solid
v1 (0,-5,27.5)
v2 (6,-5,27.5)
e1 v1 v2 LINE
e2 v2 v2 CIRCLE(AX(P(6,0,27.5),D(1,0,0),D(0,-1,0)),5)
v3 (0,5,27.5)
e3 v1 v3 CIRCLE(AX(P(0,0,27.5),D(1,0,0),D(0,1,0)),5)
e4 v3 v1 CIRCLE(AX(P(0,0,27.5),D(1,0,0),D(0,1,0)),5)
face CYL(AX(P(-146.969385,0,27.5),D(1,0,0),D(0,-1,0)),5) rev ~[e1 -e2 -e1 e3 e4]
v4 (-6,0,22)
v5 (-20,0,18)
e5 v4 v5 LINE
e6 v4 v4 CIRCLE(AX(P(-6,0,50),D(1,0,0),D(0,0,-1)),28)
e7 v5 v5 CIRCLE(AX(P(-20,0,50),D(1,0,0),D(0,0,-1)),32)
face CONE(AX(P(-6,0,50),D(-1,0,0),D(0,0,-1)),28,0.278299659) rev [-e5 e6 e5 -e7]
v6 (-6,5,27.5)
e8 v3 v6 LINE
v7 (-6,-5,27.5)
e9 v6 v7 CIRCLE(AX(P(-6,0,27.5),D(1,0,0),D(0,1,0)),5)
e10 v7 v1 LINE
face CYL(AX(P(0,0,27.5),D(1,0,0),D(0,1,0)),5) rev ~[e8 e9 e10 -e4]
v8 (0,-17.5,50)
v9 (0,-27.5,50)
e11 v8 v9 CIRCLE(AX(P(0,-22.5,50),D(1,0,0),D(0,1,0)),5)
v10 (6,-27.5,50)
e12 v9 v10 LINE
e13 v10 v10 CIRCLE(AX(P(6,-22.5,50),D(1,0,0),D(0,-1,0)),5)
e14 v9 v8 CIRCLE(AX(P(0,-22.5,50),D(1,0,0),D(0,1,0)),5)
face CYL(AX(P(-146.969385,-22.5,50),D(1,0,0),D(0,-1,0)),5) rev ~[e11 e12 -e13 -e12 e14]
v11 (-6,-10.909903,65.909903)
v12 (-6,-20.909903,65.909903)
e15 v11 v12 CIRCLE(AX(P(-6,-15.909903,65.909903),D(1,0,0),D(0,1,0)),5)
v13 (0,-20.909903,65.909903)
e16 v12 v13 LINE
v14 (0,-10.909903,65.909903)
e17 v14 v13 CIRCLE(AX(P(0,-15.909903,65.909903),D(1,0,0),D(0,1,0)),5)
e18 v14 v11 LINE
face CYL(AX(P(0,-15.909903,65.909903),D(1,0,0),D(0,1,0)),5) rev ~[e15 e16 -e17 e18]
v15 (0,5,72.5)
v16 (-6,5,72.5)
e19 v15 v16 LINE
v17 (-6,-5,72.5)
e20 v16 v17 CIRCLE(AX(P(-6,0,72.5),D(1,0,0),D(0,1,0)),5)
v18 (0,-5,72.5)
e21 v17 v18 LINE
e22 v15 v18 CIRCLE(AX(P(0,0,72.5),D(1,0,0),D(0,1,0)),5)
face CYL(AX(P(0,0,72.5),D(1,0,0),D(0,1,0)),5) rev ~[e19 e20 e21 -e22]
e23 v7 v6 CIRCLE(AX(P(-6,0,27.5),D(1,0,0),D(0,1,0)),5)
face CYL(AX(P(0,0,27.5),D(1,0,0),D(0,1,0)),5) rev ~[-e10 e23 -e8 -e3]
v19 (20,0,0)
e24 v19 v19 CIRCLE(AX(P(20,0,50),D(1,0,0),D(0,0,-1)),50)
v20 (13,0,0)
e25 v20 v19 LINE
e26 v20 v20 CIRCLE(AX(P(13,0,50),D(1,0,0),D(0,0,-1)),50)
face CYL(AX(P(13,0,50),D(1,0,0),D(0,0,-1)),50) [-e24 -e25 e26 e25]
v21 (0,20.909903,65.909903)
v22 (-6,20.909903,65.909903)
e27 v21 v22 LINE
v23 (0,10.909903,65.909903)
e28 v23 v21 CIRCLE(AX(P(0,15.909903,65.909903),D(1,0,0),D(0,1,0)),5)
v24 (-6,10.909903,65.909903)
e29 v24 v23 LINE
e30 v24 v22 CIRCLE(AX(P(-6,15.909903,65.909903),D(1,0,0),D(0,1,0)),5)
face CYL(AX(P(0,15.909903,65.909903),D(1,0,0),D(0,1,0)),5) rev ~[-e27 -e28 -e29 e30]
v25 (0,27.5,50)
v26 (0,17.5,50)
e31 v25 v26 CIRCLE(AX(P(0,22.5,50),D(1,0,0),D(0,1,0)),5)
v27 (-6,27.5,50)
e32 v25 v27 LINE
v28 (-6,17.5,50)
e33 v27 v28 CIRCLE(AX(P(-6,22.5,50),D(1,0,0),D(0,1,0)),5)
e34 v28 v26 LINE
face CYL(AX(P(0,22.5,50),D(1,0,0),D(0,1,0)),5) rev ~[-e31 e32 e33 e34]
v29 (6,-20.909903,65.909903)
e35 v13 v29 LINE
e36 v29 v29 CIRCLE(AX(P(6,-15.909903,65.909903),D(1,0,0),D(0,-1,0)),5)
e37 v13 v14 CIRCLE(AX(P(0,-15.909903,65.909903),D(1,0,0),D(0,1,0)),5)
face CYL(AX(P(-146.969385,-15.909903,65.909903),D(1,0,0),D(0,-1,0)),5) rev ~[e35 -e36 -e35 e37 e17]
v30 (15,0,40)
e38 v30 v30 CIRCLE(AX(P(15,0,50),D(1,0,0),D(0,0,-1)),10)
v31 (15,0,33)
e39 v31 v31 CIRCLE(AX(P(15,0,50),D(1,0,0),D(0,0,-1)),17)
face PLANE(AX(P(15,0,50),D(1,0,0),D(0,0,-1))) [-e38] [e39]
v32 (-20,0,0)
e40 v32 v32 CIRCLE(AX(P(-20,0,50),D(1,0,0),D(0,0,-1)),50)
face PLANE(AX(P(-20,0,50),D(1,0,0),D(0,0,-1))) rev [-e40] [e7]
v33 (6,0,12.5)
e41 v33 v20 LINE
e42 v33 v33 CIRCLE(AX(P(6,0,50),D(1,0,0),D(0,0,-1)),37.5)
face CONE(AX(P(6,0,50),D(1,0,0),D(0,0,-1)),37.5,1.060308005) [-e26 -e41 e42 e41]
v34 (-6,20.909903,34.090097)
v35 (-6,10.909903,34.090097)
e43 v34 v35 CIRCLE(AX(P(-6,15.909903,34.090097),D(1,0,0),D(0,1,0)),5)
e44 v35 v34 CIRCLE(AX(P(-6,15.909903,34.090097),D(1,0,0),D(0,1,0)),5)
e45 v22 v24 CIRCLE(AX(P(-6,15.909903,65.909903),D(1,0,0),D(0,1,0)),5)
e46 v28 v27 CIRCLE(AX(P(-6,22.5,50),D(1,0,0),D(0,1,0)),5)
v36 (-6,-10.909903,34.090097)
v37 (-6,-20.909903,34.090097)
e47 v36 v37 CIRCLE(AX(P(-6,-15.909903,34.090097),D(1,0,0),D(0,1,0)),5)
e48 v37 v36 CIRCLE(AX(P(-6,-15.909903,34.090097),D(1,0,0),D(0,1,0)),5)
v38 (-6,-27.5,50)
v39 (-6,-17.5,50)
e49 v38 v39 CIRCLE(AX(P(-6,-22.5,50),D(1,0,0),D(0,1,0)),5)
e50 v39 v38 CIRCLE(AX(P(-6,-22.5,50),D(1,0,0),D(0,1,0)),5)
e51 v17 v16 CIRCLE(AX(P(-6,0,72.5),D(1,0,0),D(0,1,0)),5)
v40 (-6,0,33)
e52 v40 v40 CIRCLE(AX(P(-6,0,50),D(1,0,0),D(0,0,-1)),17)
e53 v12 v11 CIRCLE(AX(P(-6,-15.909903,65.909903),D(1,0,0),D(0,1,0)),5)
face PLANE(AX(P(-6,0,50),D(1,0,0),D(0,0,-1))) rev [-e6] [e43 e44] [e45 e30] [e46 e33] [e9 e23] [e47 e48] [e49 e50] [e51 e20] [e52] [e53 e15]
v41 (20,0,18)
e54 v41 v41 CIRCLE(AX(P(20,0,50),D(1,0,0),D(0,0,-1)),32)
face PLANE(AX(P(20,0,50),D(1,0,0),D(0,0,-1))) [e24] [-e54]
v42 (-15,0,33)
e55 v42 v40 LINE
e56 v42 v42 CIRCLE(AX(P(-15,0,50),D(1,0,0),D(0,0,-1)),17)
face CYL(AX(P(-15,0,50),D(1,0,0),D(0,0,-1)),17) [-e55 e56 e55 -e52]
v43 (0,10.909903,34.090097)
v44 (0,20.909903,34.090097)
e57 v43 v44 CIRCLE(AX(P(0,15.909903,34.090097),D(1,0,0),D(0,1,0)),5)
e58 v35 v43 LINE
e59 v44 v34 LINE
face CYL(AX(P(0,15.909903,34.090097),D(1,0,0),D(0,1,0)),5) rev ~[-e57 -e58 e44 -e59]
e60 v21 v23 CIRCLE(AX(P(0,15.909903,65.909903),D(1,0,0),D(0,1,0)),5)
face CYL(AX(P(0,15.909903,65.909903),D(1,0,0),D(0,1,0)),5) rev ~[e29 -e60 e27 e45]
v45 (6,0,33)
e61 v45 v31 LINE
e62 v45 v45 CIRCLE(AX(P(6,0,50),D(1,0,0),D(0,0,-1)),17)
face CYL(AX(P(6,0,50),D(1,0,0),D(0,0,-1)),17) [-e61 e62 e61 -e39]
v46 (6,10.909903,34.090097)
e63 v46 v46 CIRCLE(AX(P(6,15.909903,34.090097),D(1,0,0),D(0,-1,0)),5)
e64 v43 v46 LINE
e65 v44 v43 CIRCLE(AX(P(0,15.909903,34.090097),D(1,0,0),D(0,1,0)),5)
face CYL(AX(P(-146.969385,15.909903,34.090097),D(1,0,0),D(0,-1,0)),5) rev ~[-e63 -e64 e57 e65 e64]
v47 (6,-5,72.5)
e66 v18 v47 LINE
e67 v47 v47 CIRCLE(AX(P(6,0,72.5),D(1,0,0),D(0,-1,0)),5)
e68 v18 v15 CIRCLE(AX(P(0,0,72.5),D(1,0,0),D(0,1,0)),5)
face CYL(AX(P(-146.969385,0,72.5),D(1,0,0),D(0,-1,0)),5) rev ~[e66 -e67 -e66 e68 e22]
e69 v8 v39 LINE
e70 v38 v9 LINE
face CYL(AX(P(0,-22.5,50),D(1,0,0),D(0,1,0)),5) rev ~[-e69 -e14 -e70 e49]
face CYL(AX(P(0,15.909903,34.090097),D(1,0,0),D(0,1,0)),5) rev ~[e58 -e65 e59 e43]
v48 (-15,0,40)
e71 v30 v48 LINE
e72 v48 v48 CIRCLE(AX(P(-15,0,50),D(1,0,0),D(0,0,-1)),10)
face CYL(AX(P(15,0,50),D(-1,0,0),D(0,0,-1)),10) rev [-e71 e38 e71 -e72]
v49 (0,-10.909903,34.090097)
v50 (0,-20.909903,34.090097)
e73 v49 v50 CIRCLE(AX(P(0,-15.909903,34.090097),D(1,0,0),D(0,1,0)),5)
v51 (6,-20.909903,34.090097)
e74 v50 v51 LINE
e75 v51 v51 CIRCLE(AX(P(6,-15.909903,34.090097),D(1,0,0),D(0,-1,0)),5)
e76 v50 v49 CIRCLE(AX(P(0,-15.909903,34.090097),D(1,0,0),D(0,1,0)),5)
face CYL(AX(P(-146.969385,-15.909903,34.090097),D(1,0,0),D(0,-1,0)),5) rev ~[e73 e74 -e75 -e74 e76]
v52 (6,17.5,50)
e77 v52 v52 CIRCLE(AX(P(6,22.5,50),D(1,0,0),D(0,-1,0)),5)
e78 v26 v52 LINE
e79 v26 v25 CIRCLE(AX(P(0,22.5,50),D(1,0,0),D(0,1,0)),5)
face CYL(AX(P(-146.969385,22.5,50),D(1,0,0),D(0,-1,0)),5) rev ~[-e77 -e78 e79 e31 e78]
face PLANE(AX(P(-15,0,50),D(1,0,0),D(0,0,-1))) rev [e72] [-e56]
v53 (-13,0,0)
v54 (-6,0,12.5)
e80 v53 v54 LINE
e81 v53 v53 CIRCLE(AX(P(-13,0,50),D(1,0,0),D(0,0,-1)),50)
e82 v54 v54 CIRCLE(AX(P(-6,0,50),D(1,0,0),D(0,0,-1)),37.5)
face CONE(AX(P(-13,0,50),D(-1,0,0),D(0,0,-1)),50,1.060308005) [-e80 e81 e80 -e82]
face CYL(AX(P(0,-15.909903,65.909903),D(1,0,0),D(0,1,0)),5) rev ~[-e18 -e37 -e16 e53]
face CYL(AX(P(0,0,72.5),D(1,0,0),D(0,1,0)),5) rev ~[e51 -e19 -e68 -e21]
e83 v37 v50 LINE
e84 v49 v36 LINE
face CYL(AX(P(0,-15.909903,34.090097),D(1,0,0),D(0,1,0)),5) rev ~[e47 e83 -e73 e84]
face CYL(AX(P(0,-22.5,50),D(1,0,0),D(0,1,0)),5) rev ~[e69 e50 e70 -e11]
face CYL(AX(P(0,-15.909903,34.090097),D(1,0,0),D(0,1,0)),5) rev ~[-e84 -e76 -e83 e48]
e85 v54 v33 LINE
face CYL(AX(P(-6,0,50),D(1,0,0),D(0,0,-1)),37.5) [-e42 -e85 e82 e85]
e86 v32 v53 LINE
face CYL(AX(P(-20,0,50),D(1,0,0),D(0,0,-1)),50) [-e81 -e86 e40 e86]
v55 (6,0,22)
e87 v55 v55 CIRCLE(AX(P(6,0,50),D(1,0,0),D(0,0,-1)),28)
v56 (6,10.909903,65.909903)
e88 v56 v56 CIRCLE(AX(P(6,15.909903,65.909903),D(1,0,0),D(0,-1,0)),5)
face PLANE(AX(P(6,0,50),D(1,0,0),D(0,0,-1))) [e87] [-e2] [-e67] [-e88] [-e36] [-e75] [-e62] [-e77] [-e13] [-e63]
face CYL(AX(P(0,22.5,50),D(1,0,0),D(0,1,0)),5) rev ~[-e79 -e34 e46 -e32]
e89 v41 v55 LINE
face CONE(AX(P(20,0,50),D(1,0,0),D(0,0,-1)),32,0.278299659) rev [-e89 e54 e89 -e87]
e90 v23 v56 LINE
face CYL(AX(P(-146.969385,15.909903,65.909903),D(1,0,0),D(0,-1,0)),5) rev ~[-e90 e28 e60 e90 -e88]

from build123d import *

# Parameters (mm, degrees)
F3_D     = 10
F3_DEPTH = 20.001
F4_D     = 10


with BuildPart() as f1:
    # F0 (on Front) → F1 (revolve)
    with BuildSketch(Plane.XZ):
        Polygon((-20, 18), (-20, 0), (-13, 0), (-6, 12.5), (0, 12.5), (6, 12.5), (13, 0), (20, 0), (20, 18), (6, 22), (0, 22), (-6, 22), align=None)
        Polygon((-6, 33), (-6, 22), (0, 22), (6, 22), (6, 33), (0, 33), align=None)
        Polygon((-15, 33), (-6, 33), (0, 33), (6, 33), (15, 33), (15, 40), (0, 40), (-15, 40), align=None)
    revolve(axis=Axis((-4.1045919061, 0, 50), (1, 0, 0)))

    # F3 (through all, one way)
    with BuildSketch(Plane.YZ):
        with Locations((15.9099025767, 65.9099025767), (0, 72.5), (-15.9099025767, 65.9099025767), (-22.5, 50), (-15.9099025767, 34.0900974233), (0, 27.5), (15.9099025767, 34.0900974233), (22.5, 50)):
            Circle(F3_D / 2)
    extrude(amount=-F3_DEPTH, mode=Mode.SUBTRACT)

    # F4 (through all)
    with Locations(Plane(origin=(0, 0, 0), x_dir=(0, 1, 0), z_dir=(-1, 0, 0))):
        with Locations((0, -72.5), (15.9099025767, -65.9099025767), (22.5, -50), (15.9099025767, -34.0900974233), (0, -27.5), (-15.9099025767, -34.0900974233), (-22.5, -50), (-15.9099025767, -65.9099025767)):
            Hole(F4_D / 2)


solid = f1.part
